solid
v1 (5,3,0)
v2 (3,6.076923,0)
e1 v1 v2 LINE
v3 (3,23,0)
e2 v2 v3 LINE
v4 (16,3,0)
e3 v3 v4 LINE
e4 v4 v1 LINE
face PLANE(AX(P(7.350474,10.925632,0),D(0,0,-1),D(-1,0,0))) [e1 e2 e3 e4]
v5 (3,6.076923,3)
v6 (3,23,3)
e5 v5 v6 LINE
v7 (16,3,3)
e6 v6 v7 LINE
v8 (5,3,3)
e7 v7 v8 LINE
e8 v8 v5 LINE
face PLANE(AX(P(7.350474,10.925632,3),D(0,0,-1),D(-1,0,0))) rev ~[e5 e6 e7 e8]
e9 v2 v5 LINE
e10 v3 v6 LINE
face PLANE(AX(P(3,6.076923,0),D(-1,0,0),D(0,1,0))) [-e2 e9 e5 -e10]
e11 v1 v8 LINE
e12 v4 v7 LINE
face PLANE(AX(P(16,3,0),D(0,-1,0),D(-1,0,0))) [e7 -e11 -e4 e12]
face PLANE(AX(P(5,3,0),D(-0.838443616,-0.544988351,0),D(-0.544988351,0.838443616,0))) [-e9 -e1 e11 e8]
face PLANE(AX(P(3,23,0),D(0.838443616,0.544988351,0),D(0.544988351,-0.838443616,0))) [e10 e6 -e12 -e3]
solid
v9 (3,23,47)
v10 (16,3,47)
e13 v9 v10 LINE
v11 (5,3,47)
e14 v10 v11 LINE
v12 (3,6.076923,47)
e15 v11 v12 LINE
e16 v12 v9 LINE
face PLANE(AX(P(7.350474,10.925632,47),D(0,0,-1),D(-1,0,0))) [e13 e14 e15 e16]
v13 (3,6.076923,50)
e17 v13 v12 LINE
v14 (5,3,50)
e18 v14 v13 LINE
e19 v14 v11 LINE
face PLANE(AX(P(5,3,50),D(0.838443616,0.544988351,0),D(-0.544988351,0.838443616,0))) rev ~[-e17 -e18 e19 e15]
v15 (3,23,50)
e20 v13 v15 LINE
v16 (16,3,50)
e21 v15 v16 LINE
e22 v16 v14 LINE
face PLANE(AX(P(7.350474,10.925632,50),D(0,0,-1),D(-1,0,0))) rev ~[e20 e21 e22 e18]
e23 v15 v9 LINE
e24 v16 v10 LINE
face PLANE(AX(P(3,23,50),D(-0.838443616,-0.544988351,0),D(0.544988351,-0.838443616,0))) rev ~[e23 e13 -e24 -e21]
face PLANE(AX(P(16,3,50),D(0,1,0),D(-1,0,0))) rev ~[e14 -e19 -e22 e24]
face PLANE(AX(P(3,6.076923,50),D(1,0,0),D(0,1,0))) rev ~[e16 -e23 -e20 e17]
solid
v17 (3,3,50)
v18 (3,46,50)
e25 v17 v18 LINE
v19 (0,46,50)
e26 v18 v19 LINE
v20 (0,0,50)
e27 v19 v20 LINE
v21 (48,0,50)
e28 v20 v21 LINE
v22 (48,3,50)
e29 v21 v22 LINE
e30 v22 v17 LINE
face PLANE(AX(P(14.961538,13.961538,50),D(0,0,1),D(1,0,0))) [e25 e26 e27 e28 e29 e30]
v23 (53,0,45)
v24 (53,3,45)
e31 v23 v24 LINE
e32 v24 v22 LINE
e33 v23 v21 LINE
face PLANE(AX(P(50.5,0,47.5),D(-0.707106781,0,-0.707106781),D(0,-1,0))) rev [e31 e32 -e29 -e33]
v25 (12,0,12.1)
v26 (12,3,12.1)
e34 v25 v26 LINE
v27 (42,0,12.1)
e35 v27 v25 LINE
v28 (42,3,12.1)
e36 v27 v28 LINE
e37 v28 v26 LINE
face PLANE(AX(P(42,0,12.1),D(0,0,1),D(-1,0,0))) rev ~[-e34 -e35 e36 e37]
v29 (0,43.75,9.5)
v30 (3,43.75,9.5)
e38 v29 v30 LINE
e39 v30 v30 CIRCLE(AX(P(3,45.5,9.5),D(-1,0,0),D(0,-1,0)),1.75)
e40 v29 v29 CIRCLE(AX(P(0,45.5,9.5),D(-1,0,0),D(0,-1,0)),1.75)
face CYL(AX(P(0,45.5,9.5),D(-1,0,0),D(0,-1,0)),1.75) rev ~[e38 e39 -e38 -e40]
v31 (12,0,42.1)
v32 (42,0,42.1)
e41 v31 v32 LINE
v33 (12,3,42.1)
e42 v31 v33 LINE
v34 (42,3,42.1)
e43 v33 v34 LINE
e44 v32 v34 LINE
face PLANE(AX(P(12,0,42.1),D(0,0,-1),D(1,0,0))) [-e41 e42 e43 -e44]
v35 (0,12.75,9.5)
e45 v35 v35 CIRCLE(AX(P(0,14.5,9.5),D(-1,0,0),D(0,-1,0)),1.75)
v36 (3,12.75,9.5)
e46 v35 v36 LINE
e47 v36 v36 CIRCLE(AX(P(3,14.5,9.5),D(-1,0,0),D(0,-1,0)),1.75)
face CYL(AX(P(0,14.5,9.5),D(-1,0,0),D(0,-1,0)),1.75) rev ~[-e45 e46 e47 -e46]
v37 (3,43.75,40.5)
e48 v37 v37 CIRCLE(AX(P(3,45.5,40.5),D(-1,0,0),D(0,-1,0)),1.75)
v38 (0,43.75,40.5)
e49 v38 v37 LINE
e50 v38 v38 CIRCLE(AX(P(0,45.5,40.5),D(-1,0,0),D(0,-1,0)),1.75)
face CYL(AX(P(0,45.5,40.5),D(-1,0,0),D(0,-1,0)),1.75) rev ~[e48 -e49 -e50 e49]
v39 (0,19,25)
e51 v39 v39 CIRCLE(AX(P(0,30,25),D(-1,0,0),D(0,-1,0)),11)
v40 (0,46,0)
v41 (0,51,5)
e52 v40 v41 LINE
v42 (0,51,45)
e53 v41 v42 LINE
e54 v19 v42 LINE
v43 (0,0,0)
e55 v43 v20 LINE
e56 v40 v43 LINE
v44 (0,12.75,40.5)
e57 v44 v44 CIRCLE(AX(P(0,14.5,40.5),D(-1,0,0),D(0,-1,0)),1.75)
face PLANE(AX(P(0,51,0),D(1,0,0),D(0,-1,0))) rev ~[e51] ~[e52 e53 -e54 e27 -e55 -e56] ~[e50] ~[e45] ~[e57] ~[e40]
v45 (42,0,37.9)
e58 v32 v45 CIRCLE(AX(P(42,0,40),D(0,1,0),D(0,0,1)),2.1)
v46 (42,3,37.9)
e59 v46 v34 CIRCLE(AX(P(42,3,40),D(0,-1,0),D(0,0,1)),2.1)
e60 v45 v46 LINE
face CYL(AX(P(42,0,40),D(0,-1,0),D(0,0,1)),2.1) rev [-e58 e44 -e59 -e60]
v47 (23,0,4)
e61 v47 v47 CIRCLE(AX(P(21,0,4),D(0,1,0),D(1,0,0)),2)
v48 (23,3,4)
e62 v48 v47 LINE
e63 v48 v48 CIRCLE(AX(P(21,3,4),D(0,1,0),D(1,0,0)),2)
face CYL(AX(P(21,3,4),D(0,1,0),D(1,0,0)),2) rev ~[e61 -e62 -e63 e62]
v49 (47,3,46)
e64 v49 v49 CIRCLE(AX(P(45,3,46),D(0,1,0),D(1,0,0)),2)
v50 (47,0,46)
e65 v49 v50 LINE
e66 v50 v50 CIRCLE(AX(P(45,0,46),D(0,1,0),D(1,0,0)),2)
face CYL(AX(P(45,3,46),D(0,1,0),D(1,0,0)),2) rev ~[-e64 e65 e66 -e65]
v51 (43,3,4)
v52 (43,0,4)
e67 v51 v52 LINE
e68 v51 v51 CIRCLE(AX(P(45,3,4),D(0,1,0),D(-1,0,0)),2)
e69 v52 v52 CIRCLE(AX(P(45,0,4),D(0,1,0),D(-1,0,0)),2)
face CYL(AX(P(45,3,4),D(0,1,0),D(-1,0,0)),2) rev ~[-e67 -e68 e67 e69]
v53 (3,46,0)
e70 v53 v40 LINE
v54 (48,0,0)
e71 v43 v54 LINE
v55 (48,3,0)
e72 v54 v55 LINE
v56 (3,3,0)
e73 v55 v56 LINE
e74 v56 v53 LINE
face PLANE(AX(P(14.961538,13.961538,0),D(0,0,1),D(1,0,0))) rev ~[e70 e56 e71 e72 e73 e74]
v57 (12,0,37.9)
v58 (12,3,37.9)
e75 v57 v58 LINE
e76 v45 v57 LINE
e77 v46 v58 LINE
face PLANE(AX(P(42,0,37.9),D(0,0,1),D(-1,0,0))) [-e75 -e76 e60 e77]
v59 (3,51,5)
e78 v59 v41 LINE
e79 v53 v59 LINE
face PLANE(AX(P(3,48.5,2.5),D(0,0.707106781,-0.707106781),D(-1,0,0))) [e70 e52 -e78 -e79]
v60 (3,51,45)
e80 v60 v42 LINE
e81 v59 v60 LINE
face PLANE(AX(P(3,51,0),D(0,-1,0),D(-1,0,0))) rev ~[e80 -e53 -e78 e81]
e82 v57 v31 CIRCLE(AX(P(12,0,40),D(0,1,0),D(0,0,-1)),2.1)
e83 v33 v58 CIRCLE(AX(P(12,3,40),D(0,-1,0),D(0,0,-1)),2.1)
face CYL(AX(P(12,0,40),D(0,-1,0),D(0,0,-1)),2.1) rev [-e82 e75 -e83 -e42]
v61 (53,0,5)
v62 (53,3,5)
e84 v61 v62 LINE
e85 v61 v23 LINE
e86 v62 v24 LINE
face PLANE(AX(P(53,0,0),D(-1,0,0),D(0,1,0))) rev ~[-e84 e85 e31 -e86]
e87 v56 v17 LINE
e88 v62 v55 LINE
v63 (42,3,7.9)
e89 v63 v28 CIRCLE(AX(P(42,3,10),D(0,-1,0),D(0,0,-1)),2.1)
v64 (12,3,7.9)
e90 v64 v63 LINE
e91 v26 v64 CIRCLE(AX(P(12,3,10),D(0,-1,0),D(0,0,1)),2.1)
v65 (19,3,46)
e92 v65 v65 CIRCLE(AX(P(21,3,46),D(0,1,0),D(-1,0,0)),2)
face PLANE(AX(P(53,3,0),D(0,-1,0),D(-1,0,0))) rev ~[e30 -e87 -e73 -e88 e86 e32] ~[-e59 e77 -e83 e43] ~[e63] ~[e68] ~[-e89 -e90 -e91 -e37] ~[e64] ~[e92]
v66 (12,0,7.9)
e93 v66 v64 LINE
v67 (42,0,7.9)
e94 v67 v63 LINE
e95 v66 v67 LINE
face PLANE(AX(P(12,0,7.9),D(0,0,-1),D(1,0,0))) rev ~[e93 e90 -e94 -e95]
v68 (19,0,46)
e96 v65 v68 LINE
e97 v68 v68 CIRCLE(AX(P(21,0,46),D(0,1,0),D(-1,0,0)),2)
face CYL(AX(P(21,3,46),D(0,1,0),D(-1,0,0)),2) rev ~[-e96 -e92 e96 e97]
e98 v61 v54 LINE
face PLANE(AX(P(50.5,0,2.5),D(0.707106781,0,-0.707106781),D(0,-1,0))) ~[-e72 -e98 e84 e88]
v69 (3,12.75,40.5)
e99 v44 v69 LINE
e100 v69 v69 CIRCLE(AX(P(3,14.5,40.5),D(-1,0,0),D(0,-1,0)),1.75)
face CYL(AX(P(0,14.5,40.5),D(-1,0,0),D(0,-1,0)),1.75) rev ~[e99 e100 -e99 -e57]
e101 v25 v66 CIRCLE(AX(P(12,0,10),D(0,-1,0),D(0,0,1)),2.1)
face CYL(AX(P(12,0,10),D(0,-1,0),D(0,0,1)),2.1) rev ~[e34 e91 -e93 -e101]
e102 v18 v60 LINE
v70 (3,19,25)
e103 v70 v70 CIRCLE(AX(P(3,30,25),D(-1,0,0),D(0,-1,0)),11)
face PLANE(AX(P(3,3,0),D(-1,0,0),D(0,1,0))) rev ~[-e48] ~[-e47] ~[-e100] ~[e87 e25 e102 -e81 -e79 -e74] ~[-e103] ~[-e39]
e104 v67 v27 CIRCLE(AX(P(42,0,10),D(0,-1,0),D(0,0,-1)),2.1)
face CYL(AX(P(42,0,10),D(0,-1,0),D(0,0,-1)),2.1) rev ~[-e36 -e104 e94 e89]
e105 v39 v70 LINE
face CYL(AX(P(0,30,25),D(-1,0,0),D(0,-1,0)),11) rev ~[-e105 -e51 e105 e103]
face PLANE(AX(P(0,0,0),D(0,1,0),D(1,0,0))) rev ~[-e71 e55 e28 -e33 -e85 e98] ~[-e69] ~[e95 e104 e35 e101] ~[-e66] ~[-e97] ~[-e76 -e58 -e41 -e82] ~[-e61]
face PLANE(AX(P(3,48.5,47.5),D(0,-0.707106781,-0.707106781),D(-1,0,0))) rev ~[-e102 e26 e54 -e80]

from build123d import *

# Parameters (mm, degrees)
BOSS_EXTRU_1_DEPTH      = 50
ESQUISSE2_R             = 1.75
ESQUISSE2_R_2           = 11
ENL_V_MAT_EXTRU_1_DEPTH = 89.938180777
CHANFREIN1_SIZE         = 5
ENL_V_MAT_EXTRU_2_DEPTH = 89.938180777
BOSS_EXTRU_2_DEPTH      = 3
BOSS_EXTRU_3_START      = -50
BOSS_EXTRU_3_DEPTH      = 3
ESQUISSE5_R             = 2
ENL_V_MAT_EXTRU_3_DEPTH = 88.252507127


with BuildPart() as part:
    # Esquisse1 → Boss.-Extru.1 (new body)
    with BuildSketch(Plane.XY):
        Polygon((0, 0), (53, 0), (53, 3), (3, 3), (3, 51), (0, 51), align=None)
    extrude(amount=BOSS_EXTRU_1_DEPTH)

    # Esquisse2 → Enlèv. mat.-Extru.1 (cut, through all)
    with BuildSketch(Plane.ZY):
        with Locations(Location((9.5, 45.5, 0), (0, 0, 270))):
            Circle(ESQUISSE2_R)
        with Locations(Location((40.5, 45.5, 0), (0, 0, 270))):
            Circle(ESQUISSE2_R)
        with Locations(Location((40.5, 14.5, 0), (0, 0, 270))):
            Circle(ESQUISSE2_R)
        with Locations(Location((9.5, 14.5, 0), (0, 0, 270))):
            Circle(ESQUISSE2_R)
        with Locations(Location((25, 30, 0), (0, 0, 270))):
            Circle(ESQUISSE2_R_2)
    extrude(amount=-ENL_V_MAT_EXTRU_1_DEPTH, mode=Mode.SUBTRACT)

    # Chanfrein1
    chanfrein1_edges = [part.edges().sort_by_distance(p)[0] for p in [
        (53, 1.5, 50),
        (1.5, 51, 50),
        (1.5, 51, 0),
        (53, 1.5, 0),
    ]]
    chamfer(chanfrein1_edges, length=CHANFREIN1_SIZE)

    # Esquisse3 → Enlèv. mat.-Extru.2 (cut, through all)
    with BuildSketch(Plane.XZ):
        with BuildLine():
            Line((12, 42.1), (42, 42.1))
            ThreePointArc((42, 42.1), (44.1, 40), (42, 37.9))
            Line((42, 37.9), (12, 37.9))
            ThreePointArc((12, 37.9), (9.9, 40), (12, 42.1))
        make_face()
        with BuildLine():
            Line((12, 7.9), (42, 7.9))
            ThreePointArc((42, 7.9), (44.1, 10), (42, 12.1))
            Line((42, 12.1), (12, 12.1))
            ThreePointArc((12, 12.1), (9.9, 10), (12, 7.9))
        make_face()
    extrude(amount=-ENL_V_MAT_EXTRU_2_DEPTH, mode=Mode.SUBTRACT)

    # Esquisse5 → Enlèv. mat.-Extru.3 (cut, through all)
    with BuildSketch(Plane(origin=(0, 3, 0), x_dir=(1, 0, 0), z_dir=(0, 1, 0))):
        with Locations(Location((45, -4, 0), (0, 0, 180))):
            Circle(ESQUISSE5_R)
        with Locations((45, -46)):
            Circle(ESQUISSE5_R)
        with Locations(Location((21, -46, 0), (0, 0, 180))):
            Circle(ESQUISSE5_R)
        with Locations((21, -4)):
            Circle(ESQUISSE5_R)
    extrude(amount=-ENL_V_MAT_EXTRU_3_DEPTH, mode=Mode.SUBTRACT)


with BuildPart() as body_2:
    # Esquisse4 → Boss.-Extru.2 (new body)
    with BuildSketch(Plane.XY.offset(50)):
        Polygon((3, 23), (16, 3), (5, 3), (3, 6.076923077), align=None)
    extrude(amount=-BOSS_EXTRU_2_DEPTH)


with BuildPart() as body_3:
    # Esquisse4<2> → Boss.-Extru.3 (new body)
    with BuildSketch(Plane.XY.offset(50).offset(BOSS_EXTRU_3_START)):
        Polygon((3, 23), (16, 3), (5, 3), (3, 6.076923077), align=None)
    extrude(amount=BOSS_EXTRU_3_DEPTH)


solid = Compound([part.part, body_2.part, body_3.part])
